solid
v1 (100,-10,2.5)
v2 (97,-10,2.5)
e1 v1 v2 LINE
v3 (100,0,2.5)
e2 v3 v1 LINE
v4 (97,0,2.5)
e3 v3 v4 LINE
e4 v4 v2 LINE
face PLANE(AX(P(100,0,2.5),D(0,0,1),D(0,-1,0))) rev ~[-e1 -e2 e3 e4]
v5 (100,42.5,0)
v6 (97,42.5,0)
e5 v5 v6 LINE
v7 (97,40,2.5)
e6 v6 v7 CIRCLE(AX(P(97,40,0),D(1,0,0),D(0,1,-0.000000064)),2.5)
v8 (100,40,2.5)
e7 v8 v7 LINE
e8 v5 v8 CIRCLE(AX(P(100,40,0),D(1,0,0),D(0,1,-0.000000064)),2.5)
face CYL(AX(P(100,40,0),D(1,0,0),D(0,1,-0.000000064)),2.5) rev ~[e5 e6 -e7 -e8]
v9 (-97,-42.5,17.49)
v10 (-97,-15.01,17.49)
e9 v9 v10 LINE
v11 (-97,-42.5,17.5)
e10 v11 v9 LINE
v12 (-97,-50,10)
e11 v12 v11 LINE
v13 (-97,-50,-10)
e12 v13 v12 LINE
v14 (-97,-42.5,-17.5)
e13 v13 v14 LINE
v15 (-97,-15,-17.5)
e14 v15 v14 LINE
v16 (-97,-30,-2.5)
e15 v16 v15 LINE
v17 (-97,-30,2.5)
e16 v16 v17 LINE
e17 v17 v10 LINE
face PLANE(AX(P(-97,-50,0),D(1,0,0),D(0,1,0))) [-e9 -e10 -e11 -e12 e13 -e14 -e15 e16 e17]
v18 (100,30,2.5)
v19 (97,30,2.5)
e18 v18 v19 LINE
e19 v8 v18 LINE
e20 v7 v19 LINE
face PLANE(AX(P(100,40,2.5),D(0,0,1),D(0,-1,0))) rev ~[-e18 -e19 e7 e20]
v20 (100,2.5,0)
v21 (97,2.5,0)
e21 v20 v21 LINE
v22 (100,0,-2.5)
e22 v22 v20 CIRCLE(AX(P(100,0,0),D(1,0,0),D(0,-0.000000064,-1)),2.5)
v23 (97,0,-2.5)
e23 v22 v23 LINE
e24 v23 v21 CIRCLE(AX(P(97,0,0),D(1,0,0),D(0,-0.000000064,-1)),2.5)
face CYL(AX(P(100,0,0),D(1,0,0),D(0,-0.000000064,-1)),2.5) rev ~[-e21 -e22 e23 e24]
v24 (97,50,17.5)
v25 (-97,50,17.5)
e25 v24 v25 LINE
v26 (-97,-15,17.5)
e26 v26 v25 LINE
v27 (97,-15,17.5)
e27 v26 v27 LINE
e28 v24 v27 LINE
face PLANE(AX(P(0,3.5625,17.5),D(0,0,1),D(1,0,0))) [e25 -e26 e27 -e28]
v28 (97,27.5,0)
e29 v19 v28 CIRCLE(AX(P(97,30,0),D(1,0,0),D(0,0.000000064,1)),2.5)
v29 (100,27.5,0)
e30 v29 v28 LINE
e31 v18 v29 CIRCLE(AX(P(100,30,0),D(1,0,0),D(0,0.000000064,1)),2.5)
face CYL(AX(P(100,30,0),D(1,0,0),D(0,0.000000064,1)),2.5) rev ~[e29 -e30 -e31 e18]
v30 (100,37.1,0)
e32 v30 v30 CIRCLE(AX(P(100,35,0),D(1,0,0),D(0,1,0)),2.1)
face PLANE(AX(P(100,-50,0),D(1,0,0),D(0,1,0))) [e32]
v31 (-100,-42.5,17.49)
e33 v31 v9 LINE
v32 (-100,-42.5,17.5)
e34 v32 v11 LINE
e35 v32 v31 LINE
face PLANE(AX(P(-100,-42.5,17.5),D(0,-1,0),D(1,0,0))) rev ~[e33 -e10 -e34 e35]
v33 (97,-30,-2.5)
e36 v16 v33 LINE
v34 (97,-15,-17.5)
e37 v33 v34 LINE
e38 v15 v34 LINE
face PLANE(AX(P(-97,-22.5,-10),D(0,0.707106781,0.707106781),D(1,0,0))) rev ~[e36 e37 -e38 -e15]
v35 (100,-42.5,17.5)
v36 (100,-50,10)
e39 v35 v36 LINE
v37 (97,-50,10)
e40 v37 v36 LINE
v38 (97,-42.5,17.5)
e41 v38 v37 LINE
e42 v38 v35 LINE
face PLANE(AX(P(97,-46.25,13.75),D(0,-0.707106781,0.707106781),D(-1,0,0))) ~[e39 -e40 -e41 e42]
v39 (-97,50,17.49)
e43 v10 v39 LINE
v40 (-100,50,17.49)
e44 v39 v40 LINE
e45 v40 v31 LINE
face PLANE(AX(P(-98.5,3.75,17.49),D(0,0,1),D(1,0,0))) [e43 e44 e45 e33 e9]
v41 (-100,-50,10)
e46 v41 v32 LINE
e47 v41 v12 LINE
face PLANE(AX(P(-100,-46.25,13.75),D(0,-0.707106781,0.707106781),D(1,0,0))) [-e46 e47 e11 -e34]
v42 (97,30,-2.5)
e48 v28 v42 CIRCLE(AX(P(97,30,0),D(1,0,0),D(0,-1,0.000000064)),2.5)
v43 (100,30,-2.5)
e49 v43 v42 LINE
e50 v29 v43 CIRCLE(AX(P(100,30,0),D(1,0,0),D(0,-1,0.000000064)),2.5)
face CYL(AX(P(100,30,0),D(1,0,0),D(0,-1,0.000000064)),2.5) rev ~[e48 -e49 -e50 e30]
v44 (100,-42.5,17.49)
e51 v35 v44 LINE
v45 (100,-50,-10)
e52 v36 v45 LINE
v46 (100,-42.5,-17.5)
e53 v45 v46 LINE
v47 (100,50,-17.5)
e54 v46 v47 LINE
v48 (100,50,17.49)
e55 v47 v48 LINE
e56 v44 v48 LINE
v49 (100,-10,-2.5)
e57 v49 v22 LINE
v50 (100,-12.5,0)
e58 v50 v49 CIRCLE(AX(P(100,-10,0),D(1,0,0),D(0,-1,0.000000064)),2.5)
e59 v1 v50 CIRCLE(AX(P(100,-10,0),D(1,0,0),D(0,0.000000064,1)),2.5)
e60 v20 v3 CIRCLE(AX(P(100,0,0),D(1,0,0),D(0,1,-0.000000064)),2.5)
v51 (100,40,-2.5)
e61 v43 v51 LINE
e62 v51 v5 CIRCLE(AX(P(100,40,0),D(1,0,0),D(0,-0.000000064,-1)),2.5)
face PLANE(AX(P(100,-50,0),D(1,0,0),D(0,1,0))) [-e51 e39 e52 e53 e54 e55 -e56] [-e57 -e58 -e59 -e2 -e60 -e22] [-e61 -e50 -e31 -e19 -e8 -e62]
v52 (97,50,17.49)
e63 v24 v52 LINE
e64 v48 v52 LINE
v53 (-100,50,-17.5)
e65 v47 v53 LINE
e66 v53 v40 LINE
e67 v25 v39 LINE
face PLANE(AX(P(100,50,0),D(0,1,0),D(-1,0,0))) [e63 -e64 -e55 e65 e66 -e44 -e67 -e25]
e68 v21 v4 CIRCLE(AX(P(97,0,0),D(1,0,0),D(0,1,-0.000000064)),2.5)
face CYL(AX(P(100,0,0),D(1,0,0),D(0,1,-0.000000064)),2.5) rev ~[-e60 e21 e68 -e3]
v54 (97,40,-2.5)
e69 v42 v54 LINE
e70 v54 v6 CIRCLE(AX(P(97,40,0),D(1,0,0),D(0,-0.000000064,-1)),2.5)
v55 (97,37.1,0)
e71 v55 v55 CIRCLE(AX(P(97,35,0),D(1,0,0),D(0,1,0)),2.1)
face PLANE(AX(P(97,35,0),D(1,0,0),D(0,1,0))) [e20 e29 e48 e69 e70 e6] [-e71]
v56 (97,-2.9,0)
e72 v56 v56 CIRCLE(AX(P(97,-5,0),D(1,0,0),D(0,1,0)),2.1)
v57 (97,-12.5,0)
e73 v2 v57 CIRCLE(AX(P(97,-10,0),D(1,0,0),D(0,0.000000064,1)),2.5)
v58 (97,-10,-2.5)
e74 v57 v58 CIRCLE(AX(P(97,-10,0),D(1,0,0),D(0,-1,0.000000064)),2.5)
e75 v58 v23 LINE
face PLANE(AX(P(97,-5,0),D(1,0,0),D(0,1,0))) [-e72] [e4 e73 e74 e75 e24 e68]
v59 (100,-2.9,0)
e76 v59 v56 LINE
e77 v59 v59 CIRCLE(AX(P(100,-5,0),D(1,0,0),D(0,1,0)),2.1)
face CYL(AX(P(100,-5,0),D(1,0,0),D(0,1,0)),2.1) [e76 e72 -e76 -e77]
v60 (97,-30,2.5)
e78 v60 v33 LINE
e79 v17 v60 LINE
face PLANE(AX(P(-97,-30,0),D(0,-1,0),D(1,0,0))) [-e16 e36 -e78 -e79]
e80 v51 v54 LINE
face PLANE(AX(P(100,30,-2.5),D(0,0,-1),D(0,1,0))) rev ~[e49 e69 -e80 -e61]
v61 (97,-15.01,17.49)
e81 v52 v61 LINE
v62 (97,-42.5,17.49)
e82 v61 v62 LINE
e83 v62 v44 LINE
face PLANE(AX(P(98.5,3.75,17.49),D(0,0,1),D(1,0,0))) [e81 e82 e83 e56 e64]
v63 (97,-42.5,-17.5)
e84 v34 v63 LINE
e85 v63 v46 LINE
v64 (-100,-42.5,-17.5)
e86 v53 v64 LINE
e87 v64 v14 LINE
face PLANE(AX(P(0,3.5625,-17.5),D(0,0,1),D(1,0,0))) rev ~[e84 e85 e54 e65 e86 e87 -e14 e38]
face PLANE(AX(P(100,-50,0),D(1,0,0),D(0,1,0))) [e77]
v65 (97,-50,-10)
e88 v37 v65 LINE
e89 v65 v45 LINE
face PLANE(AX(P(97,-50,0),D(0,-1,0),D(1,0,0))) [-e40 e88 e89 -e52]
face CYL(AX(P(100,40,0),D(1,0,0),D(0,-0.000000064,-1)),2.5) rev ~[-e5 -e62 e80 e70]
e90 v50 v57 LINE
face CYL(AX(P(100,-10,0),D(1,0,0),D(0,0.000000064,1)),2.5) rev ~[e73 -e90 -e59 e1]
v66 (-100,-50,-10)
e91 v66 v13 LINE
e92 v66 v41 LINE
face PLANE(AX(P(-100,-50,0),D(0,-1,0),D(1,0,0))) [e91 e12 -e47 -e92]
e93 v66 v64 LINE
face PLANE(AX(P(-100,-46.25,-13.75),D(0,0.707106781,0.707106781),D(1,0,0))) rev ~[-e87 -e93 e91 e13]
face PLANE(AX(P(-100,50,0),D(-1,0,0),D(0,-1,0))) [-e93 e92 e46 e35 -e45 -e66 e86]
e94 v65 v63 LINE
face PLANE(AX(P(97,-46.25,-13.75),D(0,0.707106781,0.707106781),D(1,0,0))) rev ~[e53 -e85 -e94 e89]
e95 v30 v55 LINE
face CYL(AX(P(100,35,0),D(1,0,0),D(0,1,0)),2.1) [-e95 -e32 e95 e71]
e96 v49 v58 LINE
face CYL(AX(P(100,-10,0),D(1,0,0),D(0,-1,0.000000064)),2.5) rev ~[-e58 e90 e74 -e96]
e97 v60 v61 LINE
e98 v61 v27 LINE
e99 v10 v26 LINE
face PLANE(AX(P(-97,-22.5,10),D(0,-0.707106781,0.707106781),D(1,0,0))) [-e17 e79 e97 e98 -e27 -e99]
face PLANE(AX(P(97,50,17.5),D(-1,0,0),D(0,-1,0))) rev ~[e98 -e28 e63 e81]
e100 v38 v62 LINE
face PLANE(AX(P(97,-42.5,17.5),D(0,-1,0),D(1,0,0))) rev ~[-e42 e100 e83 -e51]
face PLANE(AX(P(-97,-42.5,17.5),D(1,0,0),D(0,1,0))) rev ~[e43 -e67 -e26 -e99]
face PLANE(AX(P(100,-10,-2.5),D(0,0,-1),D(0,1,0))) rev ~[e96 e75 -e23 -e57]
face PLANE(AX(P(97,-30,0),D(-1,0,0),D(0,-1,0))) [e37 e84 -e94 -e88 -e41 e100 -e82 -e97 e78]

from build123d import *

# Parameters (mm, degrees)
F1_DEPTH      = 17.5
F1_DEPTH_BACK = 17.5
F2_SIZE       = 15
F3_SIZE       = 7.5
F4_R          = 2.1
F5_DEPTH      = 3
F7_DEPTH      = 0.01


with BuildPart() as f1:
    # F0 (on Top) → F1 (new body, two sides)
    with BuildSketch(Plane.XY) as f1_sk:
        Polygon((100, -50), (100, 50), (-100, 50), (-100, -50), (-97, -50), (-97, -30), (97, -30), (97, -50), align=None)
    extrude(amount=F1_DEPTH)
    extrude(f1_sk.sketch, amount=-F1_DEPTH_BACK)

    # F2
    f2_edges = [f1.edges().sort_by_distance(p)[0] for p in [
        (0, -30, 17.5),
        (0, -30, -17.5),
    ]]
    chamfer(f2_edges, length=F2_SIZE)

    # F3
    f3_edges = [f1.edges().sort_by_distance(p)[0] for p in [
        (98.5, -50, 17.5),
        (98.5, -50, -17.5),
        (-98.5, -50, 17.5),
        (-98.5, -50, -17.5),
    ]]
    chamfer(f3_edges, length=F3_SIZE)

    # F4 (on face) → F5 (cut)
    with BuildSketch(Plane.YZ.offset(100)):
        with BuildLine():
            ThreePointArc((42.5, 0), (41.767767, 1.767767), (40, 2.5))
            Line((40, 2.5), (30, 2.5))
            ThreePointArc((30, 2.5), (28.232233, 1.767767), (27.5, 0))
            ThreePointArc((27.5, 0), (28.232233, -1.767767), (30, -2.5))
            Line((30, -2.5), (40, -2.5))
            ThreePointArc((40, -2.5), (41.767767, -1.767767), (42.5, 0))
        make_face()
        with Locations((35, 0)):
            Circle(F4_R, mode=Mode.SUBTRACT)
        with BuildLine():
            ThreePointArc((2.5, 0), (1.767767, 1.767767), (0, 2.5))
            Line((0, 2.5), (-10, 2.5))
            ThreePointArc((-10, 2.5), (-11.767767, 1.767767), (-12.5, 0))
            ThreePointArc((-12.5, 0), (-11.767767, -1.767767), (-10, -2.5))
            Line((-10, -2.5), (0, -2.5))
            ThreePointArc((0, -2.5), (1.767767, -1.767767), (2.5, 0))
        make_face()
        with Locations((-5, 0)):
            Circle(F4_R, mode=Mode.SUBTRACT)
    extrude(amount=-F5_DEPTH, mode=Mode.SUBTRACT)

    # F6 (on face) → F7 (cut)
    with BuildSketch(Plane.XY.offset(17.5)):
        Polygon((100, 50), (97, 50), (97, -15), (97, -42.5), (100, -42.5), align=None)
        Polygon((-97, 50), (-100, 50), (-100, -42.5), (-97, -42.5), (-97, -15), align=None)
    extrude(amount=-F7_DEPTH, mode=Mode.SUBTRACT)


solid = f1.part
